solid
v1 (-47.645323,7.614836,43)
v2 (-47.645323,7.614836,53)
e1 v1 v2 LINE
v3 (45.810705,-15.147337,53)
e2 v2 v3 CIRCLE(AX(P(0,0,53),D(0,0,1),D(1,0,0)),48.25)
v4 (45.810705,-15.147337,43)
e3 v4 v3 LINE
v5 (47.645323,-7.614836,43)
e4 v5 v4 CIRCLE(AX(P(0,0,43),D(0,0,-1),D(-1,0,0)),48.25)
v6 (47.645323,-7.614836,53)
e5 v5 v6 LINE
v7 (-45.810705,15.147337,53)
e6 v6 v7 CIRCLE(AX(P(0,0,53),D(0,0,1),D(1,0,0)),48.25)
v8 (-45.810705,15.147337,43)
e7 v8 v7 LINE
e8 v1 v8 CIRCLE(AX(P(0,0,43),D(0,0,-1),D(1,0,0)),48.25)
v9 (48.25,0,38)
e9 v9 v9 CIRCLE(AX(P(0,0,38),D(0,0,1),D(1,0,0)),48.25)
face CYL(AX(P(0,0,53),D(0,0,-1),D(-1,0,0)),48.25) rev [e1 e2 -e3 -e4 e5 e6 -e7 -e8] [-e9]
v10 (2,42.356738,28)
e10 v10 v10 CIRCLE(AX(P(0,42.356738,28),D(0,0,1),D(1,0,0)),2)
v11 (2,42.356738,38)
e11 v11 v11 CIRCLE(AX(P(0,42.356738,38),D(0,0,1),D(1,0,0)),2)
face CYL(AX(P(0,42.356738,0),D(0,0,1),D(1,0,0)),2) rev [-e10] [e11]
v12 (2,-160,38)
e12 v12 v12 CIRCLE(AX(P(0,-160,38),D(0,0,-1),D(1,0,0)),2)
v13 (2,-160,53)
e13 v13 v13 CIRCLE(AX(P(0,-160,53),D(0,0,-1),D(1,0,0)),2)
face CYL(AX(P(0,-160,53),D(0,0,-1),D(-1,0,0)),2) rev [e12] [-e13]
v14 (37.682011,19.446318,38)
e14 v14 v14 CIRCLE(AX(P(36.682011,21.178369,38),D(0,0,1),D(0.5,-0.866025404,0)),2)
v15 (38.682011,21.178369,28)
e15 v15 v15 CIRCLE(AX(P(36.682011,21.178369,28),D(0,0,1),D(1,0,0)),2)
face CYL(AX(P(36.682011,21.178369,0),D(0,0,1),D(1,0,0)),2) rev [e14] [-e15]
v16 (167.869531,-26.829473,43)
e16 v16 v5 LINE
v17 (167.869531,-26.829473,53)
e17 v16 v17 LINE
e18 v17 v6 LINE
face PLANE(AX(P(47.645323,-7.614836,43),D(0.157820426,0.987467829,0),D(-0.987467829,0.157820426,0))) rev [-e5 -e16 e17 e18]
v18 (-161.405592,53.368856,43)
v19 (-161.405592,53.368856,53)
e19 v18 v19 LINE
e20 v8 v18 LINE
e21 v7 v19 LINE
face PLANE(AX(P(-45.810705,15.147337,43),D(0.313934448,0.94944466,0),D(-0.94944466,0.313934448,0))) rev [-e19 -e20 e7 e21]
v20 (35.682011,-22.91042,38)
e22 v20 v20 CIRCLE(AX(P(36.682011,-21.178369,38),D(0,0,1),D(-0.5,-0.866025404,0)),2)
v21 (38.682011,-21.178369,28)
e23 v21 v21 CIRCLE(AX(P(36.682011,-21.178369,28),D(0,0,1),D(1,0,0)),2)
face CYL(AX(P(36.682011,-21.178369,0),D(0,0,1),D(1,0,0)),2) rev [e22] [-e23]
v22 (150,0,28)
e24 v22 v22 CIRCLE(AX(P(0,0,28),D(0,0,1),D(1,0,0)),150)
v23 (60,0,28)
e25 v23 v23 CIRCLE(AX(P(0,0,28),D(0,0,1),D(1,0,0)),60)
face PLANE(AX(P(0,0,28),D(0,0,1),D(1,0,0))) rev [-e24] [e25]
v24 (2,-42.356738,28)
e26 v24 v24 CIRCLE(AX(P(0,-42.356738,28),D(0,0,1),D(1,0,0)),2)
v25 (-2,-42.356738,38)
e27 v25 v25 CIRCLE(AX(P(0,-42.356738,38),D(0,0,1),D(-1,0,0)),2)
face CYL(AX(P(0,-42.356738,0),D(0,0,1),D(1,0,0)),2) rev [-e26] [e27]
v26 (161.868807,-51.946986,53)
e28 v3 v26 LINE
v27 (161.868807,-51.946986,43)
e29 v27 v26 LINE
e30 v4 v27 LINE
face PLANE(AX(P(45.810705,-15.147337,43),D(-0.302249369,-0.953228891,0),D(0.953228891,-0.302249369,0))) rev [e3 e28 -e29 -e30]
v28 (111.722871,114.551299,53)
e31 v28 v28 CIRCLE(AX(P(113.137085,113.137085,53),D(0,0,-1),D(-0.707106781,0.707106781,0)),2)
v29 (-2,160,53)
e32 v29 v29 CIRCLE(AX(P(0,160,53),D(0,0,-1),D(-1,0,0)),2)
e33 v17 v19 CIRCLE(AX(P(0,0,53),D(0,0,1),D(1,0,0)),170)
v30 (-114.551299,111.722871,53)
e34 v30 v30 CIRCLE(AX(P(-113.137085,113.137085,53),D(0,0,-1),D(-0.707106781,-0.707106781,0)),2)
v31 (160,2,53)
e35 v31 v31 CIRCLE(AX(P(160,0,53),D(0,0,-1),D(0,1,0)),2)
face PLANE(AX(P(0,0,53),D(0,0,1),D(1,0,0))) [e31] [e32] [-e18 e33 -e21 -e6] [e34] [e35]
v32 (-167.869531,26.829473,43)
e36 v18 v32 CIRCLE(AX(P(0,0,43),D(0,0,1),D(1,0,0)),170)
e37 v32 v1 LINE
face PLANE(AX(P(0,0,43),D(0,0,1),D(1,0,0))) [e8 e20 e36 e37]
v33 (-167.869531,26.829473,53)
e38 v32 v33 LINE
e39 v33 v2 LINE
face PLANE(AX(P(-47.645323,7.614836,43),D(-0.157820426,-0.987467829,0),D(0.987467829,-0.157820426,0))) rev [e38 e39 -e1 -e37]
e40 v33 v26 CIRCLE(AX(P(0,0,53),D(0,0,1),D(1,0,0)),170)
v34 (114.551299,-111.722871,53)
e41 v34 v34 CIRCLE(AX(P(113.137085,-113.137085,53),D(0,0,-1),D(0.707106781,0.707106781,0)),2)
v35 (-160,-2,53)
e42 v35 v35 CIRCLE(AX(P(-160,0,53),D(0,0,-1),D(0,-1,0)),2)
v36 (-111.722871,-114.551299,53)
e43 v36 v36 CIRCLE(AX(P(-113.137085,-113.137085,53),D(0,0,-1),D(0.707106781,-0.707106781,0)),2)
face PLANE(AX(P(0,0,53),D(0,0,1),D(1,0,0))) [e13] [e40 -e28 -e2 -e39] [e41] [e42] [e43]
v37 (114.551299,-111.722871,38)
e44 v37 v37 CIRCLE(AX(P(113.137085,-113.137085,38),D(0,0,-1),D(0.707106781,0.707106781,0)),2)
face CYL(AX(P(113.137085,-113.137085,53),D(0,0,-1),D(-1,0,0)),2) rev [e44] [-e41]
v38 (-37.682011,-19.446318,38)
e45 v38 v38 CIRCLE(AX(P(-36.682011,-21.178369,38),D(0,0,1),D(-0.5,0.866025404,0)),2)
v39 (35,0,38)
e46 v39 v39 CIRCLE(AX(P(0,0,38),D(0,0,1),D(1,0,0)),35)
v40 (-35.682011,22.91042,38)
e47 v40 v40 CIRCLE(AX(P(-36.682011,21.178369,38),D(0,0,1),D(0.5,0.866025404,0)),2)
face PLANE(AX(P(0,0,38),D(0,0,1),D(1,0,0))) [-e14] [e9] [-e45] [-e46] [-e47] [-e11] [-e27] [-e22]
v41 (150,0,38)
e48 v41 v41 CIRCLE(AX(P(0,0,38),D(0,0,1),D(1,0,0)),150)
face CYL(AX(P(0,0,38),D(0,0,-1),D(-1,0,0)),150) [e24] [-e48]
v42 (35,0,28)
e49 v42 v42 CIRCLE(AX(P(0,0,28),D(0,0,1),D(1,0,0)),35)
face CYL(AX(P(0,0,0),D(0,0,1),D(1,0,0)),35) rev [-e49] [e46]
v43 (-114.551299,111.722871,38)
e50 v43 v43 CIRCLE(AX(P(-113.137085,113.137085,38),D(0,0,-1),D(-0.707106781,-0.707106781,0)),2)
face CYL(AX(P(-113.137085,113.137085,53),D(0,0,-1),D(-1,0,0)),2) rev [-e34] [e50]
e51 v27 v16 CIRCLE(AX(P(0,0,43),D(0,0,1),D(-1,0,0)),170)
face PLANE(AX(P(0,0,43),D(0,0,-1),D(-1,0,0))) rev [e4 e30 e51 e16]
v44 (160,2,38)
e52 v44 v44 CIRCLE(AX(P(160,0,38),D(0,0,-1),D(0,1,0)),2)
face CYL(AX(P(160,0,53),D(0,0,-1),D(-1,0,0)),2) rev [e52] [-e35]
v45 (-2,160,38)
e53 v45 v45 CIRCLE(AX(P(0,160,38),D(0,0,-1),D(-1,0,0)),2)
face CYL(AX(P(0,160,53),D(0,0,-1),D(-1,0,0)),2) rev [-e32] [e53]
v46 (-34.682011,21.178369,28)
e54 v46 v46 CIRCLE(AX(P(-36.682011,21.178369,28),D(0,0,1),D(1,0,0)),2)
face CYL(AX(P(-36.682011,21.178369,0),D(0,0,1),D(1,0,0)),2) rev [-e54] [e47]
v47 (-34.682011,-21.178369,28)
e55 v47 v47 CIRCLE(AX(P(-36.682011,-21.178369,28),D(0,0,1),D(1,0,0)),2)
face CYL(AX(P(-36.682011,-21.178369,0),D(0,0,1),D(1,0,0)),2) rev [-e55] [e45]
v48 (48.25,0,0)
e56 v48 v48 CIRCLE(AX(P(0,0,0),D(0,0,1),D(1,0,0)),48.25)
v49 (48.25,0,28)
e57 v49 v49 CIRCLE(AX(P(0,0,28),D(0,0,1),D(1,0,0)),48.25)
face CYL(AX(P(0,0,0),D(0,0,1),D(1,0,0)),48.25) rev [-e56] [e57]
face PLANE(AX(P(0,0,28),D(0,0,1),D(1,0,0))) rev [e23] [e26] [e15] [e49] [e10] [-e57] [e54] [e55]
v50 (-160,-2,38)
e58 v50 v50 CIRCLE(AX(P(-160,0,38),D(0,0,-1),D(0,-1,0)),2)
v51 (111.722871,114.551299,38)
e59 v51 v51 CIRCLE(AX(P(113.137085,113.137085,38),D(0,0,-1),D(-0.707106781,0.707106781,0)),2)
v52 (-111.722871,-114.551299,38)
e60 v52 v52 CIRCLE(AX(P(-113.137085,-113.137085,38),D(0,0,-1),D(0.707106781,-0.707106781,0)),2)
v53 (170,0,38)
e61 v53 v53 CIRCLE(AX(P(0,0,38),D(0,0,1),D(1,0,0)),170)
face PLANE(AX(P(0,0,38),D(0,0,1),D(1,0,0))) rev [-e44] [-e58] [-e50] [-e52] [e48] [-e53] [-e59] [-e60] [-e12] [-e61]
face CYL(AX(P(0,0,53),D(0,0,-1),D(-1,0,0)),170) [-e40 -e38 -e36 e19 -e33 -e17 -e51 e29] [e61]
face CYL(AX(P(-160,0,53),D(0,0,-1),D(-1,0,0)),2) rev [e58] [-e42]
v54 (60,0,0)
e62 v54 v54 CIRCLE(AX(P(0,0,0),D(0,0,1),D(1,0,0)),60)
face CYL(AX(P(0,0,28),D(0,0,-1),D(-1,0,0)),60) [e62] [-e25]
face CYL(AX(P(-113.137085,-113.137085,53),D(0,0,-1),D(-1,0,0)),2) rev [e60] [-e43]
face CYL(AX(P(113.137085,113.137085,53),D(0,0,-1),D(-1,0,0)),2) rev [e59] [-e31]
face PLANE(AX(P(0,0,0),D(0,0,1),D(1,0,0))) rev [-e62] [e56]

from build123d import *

# Parameters (mm, degrees)
SKETCH_1_R               = 60
EXTRUDE_1_DEPTH          = 28
SKETCH_2_R               = 48.25
CUT_EXTRUDE_1_DEPTH      = 90.353231615
SKETCH_4_R               = 150
EXTRUDE_3_DEPTH          = 10
SKETCH_5_R               = 35
CUT_EXTRUDE_2_DEPTH      = 216.50870052
SKETCH_6_R               = 2
CUT_EXTRUDE_3_DEPTH      = 216.50870052
PATTERN_CIRCULAR_1_COUNT = 6
EXTRUDE_START            = 15
SKETCH_7_R               = 170
SKETCH_7_R_2             = 48.25
EXTRUDE_4_DEPTH          = 15
SKETCH_9_R               = 2
CUT_EXTRUDE_4_DEPTH      = 244.40090386
PATTERN_CIRCULAR_2_COUNT = 8
CUT_EXTRUDE_5_DEPTH      = 10


with BuildPart() as part:
    # 草图1 → 凸台-拉伸1 (new body)
    with BuildSketch(Plane.XY):
        Circle(SKETCH_1_R)
    extrude(amount=EXTRUDE_1_DEPTH)

    # 草图2 → 切除-拉伸1 (cut, through all)
    with BuildSketch(Plane.XY.offset(28)):
        Circle(SKETCH_2_R)
    extrude(amount=-CUT_EXTRUDE_1_DEPTH, mode=Mode.SUBTRACT)

    # 草图4 → 凸台-拉伸3 (add)
    with BuildSketch(Plane.XY.offset(28)):
        Circle(SKETCH_4_R)
    extrude(amount=EXTRUDE_3_DEPTH)

    # 草图5 → 切除-拉伸2 (cut, through all)
    with BuildSketch(Plane.XY.offset(38)):
        Circle(SKETCH_5_R)
    extrude(amount=-CUT_EXTRUDE_2_DEPTH, mode=Mode.SUBTRACT)

    # 草图6 → 切除-拉伸3 (cut, through all)
    with BuildSketch(Plane.XY.offset(38)):
        with Locations((0, 42.356738024)):
            Circle(SKETCH_6_R)
    cut_extrude_3 = extrude(amount=-CUT_EXTRUDE_3_DEPTH, mode=Mode.SUBTRACT)

    # 阵列(圆周)1: 切除-拉伸3 ×6 about axis
    pattern_circular_1_axis = Axis((0, 0, 0), (0, 0, 1))
    for i in range(1, PATTERN_CIRCULAR_1_COUNT):
        add(cut_extrude_3.rotate(pattern_circular_1_axis, i * 360 / PATTERN_CIRCULAR_1_COUNT), mode=Mode.SUBTRACT)

    # 草图7 → 凸台-拉伸4 (add)
    with BuildSketch(Plane.XY.offset(38).offset(EXTRUDE_START)):
        Circle(SKETCH_7_R)
        Circle(SKETCH_7_R_2, mode=Mode.SUBTRACT)
    extrude(amount=-EXTRUDE_4_DEPTH)

    # 草图9 → 切除-拉伸4 (cut, through all)
    with BuildSketch(Plane(origin=(0, 0, 38), x_dir=(-1, 0, 0), z_dir=(0, 0, -1))):
        with Locations((0, 160)):
            Circle(SKETCH_9_R)
    cut_extrude_4 = extrude(amount=-CUT_EXTRUDE_4_DEPTH, mode=Mode.SUBTRACT)

    # 阵列(圆周)2: 切除-拉伸4 ×8 about axis
    pattern_circular_2_axis = Axis((0, 0, 0), (0, 0, 1))
    for i in range(1, PATTERN_CIRCULAR_2_COUNT):
        add(cut_extrude_4.rotate(pattern_circular_2_axis, i * 360 / PATTERN_CIRCULAR_2_COUNT), mode=Mode.SUBTRACT)

    # 草图11 → 切除-拉伸5 (cut)
    with BuildSketch(Plane.XY.offset(53)):
        with BuildLine():
            Line((47.645322741, -7.614835578), (167.869530902, -26.829472503))
            ThreePointArc((167.869530902, -26.829472503), (165.346802936, -39.502338652), (161.868807028, -51.946985586))
            Line((161.868807028, -51.946985586), (45.810704842, -15.147337122))
            ThreePointArc((45.810704842, -15.147337122), (46.879546902, -11.417993791), (47.645322741, -7.614835578))
        make_face()
        with BuildLine():
            Line((-45.810704842, 15.147337122), (-161.405592189, 53.368856183))
            ThreePointArc((-161.405592189, 53.368856183), (-165.171460589, 40.229200923), (-167.869530902, 26.829472503))
            Line((-167.869530902, 26.829472503), (-47.645322741, 7.614835578))
            ThreePointArc((-47.645322741, 7.614835578), (-46.879546902, 11.417993791), (-45.810704842, 15.147337122))
        make_face()
    extrude(amount=-CUT_EXTRUDE_5_DEPTH, mode=Mode.SUBTRACT)


solid = part.part
